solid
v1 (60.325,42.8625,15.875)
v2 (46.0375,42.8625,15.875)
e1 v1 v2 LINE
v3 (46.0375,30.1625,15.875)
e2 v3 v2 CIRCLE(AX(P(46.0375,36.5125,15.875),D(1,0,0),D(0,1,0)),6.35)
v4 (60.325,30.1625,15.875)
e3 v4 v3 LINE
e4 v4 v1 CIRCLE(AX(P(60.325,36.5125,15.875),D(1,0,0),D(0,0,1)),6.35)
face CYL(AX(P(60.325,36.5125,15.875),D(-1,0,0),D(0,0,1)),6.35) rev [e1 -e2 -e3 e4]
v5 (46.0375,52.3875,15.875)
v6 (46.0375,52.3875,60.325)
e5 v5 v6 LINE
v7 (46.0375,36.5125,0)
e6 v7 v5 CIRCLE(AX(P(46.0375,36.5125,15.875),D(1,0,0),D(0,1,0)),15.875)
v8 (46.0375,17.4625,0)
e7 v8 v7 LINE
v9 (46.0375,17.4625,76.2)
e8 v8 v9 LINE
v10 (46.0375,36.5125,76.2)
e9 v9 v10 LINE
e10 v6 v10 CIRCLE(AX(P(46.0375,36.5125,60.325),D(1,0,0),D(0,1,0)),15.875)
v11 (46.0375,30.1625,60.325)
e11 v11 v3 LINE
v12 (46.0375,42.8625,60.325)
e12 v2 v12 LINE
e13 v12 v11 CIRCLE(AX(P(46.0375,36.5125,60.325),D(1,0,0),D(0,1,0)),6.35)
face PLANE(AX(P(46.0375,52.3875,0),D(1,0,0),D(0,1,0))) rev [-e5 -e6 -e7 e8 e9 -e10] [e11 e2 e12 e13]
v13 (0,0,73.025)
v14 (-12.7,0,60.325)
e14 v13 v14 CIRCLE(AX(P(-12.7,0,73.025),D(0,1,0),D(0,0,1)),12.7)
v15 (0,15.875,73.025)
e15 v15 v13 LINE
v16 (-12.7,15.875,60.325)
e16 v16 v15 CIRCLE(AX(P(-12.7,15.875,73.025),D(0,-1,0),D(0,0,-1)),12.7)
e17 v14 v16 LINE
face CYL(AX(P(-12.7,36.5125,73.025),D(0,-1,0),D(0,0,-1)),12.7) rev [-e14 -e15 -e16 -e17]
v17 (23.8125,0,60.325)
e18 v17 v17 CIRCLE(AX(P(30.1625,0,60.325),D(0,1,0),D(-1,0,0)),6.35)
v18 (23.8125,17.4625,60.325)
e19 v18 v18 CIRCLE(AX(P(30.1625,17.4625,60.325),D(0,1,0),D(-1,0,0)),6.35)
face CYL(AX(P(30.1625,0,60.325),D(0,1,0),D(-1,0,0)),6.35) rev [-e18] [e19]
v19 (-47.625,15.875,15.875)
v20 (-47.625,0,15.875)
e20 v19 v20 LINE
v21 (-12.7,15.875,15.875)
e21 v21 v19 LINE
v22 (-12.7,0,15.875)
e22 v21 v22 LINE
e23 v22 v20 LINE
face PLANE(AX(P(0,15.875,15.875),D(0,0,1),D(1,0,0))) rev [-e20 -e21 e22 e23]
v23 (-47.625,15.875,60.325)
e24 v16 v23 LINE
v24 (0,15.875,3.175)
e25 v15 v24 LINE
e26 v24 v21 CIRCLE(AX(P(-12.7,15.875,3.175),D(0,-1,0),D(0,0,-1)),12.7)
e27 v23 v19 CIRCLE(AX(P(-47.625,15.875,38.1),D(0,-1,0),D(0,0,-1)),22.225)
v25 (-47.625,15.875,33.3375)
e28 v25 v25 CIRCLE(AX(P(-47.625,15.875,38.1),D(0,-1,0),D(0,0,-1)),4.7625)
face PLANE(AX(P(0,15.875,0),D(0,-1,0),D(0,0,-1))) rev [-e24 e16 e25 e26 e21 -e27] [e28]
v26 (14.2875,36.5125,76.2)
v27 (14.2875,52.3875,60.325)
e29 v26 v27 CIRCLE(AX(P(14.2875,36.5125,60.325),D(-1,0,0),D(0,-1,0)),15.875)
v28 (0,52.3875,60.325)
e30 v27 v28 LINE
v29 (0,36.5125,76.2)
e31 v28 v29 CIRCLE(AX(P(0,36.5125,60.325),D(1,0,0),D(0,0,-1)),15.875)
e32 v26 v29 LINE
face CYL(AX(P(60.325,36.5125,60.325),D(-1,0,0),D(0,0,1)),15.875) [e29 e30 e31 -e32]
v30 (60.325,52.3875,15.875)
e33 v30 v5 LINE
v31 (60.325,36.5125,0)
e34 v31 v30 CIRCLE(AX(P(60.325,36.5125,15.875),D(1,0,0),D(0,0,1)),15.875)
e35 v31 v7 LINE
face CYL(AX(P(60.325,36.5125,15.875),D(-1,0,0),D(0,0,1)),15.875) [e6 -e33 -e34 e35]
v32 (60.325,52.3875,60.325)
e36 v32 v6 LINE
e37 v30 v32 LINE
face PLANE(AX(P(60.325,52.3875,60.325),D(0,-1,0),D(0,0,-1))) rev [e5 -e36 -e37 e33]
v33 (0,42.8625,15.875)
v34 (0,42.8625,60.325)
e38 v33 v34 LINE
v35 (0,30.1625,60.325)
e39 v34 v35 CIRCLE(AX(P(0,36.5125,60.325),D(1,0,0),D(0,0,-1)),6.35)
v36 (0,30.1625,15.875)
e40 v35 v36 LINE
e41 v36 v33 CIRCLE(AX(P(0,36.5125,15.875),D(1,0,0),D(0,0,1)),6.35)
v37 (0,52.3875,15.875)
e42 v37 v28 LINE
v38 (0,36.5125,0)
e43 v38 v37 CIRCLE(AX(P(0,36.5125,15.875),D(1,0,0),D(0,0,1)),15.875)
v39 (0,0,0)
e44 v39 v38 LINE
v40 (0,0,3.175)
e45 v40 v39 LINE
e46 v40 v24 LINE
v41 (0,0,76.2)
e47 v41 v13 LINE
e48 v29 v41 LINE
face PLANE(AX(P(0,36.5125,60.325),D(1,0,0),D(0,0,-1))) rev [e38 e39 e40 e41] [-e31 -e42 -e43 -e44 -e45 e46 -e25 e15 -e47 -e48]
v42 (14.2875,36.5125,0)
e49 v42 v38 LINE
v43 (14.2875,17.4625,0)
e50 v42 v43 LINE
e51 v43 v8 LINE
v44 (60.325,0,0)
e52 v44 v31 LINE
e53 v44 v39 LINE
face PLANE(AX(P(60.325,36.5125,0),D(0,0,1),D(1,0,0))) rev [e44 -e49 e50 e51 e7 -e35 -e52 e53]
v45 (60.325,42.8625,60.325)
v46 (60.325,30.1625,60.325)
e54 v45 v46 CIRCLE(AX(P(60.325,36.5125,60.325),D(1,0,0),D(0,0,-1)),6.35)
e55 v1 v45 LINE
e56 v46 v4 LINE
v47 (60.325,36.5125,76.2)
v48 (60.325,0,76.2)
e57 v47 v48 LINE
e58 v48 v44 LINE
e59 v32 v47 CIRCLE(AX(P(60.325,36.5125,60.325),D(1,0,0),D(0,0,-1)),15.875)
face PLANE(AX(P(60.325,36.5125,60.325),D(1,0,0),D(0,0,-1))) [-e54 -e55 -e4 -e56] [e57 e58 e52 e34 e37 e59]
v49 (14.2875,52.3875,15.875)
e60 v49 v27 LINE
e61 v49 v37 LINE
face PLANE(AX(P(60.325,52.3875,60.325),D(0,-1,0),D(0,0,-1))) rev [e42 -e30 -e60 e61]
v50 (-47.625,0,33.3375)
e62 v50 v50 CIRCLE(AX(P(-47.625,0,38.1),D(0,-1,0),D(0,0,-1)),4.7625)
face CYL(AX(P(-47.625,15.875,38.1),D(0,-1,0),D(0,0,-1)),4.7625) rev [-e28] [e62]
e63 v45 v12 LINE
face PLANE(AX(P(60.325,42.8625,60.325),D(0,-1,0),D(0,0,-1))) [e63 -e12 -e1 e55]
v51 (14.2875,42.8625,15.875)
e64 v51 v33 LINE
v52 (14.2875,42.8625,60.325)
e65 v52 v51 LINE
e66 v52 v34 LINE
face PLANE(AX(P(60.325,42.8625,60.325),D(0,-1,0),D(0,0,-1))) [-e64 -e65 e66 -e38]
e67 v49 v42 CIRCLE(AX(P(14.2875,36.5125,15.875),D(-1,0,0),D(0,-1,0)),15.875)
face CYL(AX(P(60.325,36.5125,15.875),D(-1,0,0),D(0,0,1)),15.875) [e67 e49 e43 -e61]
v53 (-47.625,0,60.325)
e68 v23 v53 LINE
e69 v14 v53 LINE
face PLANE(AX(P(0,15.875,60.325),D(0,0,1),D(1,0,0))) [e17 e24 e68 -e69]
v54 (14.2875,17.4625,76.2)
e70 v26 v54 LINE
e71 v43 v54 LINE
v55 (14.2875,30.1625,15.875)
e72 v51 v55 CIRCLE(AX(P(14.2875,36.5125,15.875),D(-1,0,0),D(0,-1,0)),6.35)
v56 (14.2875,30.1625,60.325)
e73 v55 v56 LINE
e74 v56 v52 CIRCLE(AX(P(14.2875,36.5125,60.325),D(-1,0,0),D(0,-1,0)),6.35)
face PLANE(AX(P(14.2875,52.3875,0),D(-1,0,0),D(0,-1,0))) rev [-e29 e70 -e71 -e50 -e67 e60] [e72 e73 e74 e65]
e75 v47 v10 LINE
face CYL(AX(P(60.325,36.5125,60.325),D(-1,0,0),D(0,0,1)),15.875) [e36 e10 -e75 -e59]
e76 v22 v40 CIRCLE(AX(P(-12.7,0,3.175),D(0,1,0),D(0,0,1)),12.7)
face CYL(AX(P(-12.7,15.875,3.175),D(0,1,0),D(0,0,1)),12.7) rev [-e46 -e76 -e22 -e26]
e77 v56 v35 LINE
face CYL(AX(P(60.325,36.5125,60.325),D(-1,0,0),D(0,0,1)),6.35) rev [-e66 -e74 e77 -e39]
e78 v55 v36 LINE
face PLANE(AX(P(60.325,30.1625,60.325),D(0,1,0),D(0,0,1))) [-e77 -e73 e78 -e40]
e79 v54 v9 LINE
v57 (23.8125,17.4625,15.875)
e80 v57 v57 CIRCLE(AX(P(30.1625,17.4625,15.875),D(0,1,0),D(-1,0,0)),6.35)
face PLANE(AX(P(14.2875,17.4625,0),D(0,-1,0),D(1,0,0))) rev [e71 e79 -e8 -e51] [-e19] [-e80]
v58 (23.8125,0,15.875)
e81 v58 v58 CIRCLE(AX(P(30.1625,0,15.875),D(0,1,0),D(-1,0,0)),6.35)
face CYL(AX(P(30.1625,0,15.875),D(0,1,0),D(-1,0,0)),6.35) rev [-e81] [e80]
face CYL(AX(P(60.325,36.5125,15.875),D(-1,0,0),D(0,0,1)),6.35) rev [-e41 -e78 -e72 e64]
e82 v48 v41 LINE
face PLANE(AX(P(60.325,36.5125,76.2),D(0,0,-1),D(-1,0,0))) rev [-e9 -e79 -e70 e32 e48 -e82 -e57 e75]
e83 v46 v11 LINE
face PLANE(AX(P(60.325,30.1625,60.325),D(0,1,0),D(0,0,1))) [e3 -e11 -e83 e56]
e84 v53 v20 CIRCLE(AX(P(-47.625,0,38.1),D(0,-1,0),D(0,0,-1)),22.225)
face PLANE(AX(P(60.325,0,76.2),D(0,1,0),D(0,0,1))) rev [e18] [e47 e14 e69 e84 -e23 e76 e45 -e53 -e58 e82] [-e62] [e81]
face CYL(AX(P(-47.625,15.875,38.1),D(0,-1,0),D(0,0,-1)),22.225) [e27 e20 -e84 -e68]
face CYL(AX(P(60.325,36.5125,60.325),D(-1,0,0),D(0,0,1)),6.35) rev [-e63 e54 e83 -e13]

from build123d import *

# Parameters (mm, degrees)
BOSS_EXTRUDE1_DEPTH = 60.325
SKETCH5_W           = 31.75
SKETCH5_H           = 34.925
CUT_EXTRUDE1_DEPTH  = 77.2
BOSS_EXTRUDE2_DEPTH = 15.875
FILLET1_R           = 12.7
SKETCH7_R           = 6.35
CUT_EXTRUDE2_DEPTH  = 18.4625


with BuildPart() as part:
    # Sketch1 → Boss-Extrude1 (new body)
    with BuildSketch(Plane(origin=(0, 0, 0), x_dir=(0, 0, -1), z_dir=(1, 0, 0))):
        with BuildLine():
            Line((-60.325, 52.3875), (-15.875, 52.3875))
            ThreePointArc((-15.875, 52.3875), (-4.649679849, 47.737820151), (0, 36.5125))
            Line((0, 36.5125), (0, 0))
            Line((0, 0), (-76.2, 0))
            Line((-76.2, 0), (-76.2, 36.5125))
            ThreePointArc((-76.2, 36.5125), (-71.550320151, 47.737820151), (-60.325, 52.3875))
        make_face()
        with BuildLine():
            Line((-60.325, 42.8625), (-15.875, 42.8625))
            ThreePointArc((-15.875, 42.8625), (-9.525, 36.5125), (-15.875, 30.1625))
            Line((-15.875, 30.1625), (-60.325, 30.1625))
            ThreePointArc((-60.325, 30.1625), (-66.675, 36.5125), (-60.325, 42.8625))
        make_face(mode=Mode.SUBTRACT)
    extrude(amount=BOSS_EXTRUDE1_DEPTH)

    # Sketch5 → Cut-Extrude1 (cut, through all)
    with BuildSketch(Plane.XY.offset(76.2)):
        with Locations((30.1625, 34.925)):
            Rectangle(SKETCH5_W, SKETCH5_H)
    extrude(amount=-CUT_EXTRUDE1_DEPTH, mode=Mode.SUBTRACT)

    # Sketch6 → Boss-Extrude2 (add)
    with BuildSketch(Plane.XZ):
        with BuildLine():
            Line((0, 15.875), (0, 60.325))
            Line((0, 60.325), (-47.625, 60.325))
            ThreePointArc((-47.625, 60.325), (-31.909551788, 53.815448212), (-25.4, 38.1))
            ThreePointArc((-25.4, 38.1), (-31.909551788, 22.384551788), (-47.625, 15.875))
            Line((-47.625, 15.875), (0, 15.875))
        make_face()
        with BuildLine():
            ThreePointArc((-25.4, 38.1), (-31.909551788, 53.815448212), (-47.625, 60.325))
            Line((-47.625, 60.325), (-47.625, 42.8625))
            ThreePointArc((-47.625, 42.8625), (-44.257403955, 41.467596045), (-42.8625, 38.1))
            ThreePointArc((-42.8625, 38.1), (-44.257403955, 34.732403955), (-47.625, 33.3375))
            Line((-47.625, 33.3375), (-47.625, 15.875))
            ThreePointArc((-47.625, 15.875), (-31.909551788, 22.384551788), (-25.4, 38.1))
        make_face()
        with BuildLine():
            Line((-47.625, 42.8625), (-47.625, 60.325))
            ThreePointArc((-47.625, 60.325), (-69.85, 38.1), (-47.625, 15.875))
            Line((-47.625, 15.875), (-47.625, 33.3375))
            ThreePointArc((-47.625, 33.3375), (-52.3875, 38.1), (-47.625, 42.8625))
        make_face()
    extrude(amount=-BOSS_EXTRUDE2_DEPTH)

    # Fillet1
    fillet1_edges = [part.edges().sort_by_distance(p)[0] for p in [
        (0, 7.9375, 15.875),
        (0, 7.9375, 60.325),
    ]]
    fillet(fillet1_edges, radius=FILLET1_R)

    # Sketch7 → Cut-Extrude2 (cut, through all)
    with BuildSketch(Plane(origin=(0, 17.4625, 0), x_dir=(1, 0, 0), z_dir=(0, 1, 0))):
        with Locations((30.1625, -15.875)):
            Circle(SKETCH7_R)
        with Locations((30.1625, -60.325)):
            Circle(SKETCH7_R)
    extrude(amount=-CUT_EXTRUDE2_DEPTH, mode=Mode.SUBTRACT)


solid = part.part
